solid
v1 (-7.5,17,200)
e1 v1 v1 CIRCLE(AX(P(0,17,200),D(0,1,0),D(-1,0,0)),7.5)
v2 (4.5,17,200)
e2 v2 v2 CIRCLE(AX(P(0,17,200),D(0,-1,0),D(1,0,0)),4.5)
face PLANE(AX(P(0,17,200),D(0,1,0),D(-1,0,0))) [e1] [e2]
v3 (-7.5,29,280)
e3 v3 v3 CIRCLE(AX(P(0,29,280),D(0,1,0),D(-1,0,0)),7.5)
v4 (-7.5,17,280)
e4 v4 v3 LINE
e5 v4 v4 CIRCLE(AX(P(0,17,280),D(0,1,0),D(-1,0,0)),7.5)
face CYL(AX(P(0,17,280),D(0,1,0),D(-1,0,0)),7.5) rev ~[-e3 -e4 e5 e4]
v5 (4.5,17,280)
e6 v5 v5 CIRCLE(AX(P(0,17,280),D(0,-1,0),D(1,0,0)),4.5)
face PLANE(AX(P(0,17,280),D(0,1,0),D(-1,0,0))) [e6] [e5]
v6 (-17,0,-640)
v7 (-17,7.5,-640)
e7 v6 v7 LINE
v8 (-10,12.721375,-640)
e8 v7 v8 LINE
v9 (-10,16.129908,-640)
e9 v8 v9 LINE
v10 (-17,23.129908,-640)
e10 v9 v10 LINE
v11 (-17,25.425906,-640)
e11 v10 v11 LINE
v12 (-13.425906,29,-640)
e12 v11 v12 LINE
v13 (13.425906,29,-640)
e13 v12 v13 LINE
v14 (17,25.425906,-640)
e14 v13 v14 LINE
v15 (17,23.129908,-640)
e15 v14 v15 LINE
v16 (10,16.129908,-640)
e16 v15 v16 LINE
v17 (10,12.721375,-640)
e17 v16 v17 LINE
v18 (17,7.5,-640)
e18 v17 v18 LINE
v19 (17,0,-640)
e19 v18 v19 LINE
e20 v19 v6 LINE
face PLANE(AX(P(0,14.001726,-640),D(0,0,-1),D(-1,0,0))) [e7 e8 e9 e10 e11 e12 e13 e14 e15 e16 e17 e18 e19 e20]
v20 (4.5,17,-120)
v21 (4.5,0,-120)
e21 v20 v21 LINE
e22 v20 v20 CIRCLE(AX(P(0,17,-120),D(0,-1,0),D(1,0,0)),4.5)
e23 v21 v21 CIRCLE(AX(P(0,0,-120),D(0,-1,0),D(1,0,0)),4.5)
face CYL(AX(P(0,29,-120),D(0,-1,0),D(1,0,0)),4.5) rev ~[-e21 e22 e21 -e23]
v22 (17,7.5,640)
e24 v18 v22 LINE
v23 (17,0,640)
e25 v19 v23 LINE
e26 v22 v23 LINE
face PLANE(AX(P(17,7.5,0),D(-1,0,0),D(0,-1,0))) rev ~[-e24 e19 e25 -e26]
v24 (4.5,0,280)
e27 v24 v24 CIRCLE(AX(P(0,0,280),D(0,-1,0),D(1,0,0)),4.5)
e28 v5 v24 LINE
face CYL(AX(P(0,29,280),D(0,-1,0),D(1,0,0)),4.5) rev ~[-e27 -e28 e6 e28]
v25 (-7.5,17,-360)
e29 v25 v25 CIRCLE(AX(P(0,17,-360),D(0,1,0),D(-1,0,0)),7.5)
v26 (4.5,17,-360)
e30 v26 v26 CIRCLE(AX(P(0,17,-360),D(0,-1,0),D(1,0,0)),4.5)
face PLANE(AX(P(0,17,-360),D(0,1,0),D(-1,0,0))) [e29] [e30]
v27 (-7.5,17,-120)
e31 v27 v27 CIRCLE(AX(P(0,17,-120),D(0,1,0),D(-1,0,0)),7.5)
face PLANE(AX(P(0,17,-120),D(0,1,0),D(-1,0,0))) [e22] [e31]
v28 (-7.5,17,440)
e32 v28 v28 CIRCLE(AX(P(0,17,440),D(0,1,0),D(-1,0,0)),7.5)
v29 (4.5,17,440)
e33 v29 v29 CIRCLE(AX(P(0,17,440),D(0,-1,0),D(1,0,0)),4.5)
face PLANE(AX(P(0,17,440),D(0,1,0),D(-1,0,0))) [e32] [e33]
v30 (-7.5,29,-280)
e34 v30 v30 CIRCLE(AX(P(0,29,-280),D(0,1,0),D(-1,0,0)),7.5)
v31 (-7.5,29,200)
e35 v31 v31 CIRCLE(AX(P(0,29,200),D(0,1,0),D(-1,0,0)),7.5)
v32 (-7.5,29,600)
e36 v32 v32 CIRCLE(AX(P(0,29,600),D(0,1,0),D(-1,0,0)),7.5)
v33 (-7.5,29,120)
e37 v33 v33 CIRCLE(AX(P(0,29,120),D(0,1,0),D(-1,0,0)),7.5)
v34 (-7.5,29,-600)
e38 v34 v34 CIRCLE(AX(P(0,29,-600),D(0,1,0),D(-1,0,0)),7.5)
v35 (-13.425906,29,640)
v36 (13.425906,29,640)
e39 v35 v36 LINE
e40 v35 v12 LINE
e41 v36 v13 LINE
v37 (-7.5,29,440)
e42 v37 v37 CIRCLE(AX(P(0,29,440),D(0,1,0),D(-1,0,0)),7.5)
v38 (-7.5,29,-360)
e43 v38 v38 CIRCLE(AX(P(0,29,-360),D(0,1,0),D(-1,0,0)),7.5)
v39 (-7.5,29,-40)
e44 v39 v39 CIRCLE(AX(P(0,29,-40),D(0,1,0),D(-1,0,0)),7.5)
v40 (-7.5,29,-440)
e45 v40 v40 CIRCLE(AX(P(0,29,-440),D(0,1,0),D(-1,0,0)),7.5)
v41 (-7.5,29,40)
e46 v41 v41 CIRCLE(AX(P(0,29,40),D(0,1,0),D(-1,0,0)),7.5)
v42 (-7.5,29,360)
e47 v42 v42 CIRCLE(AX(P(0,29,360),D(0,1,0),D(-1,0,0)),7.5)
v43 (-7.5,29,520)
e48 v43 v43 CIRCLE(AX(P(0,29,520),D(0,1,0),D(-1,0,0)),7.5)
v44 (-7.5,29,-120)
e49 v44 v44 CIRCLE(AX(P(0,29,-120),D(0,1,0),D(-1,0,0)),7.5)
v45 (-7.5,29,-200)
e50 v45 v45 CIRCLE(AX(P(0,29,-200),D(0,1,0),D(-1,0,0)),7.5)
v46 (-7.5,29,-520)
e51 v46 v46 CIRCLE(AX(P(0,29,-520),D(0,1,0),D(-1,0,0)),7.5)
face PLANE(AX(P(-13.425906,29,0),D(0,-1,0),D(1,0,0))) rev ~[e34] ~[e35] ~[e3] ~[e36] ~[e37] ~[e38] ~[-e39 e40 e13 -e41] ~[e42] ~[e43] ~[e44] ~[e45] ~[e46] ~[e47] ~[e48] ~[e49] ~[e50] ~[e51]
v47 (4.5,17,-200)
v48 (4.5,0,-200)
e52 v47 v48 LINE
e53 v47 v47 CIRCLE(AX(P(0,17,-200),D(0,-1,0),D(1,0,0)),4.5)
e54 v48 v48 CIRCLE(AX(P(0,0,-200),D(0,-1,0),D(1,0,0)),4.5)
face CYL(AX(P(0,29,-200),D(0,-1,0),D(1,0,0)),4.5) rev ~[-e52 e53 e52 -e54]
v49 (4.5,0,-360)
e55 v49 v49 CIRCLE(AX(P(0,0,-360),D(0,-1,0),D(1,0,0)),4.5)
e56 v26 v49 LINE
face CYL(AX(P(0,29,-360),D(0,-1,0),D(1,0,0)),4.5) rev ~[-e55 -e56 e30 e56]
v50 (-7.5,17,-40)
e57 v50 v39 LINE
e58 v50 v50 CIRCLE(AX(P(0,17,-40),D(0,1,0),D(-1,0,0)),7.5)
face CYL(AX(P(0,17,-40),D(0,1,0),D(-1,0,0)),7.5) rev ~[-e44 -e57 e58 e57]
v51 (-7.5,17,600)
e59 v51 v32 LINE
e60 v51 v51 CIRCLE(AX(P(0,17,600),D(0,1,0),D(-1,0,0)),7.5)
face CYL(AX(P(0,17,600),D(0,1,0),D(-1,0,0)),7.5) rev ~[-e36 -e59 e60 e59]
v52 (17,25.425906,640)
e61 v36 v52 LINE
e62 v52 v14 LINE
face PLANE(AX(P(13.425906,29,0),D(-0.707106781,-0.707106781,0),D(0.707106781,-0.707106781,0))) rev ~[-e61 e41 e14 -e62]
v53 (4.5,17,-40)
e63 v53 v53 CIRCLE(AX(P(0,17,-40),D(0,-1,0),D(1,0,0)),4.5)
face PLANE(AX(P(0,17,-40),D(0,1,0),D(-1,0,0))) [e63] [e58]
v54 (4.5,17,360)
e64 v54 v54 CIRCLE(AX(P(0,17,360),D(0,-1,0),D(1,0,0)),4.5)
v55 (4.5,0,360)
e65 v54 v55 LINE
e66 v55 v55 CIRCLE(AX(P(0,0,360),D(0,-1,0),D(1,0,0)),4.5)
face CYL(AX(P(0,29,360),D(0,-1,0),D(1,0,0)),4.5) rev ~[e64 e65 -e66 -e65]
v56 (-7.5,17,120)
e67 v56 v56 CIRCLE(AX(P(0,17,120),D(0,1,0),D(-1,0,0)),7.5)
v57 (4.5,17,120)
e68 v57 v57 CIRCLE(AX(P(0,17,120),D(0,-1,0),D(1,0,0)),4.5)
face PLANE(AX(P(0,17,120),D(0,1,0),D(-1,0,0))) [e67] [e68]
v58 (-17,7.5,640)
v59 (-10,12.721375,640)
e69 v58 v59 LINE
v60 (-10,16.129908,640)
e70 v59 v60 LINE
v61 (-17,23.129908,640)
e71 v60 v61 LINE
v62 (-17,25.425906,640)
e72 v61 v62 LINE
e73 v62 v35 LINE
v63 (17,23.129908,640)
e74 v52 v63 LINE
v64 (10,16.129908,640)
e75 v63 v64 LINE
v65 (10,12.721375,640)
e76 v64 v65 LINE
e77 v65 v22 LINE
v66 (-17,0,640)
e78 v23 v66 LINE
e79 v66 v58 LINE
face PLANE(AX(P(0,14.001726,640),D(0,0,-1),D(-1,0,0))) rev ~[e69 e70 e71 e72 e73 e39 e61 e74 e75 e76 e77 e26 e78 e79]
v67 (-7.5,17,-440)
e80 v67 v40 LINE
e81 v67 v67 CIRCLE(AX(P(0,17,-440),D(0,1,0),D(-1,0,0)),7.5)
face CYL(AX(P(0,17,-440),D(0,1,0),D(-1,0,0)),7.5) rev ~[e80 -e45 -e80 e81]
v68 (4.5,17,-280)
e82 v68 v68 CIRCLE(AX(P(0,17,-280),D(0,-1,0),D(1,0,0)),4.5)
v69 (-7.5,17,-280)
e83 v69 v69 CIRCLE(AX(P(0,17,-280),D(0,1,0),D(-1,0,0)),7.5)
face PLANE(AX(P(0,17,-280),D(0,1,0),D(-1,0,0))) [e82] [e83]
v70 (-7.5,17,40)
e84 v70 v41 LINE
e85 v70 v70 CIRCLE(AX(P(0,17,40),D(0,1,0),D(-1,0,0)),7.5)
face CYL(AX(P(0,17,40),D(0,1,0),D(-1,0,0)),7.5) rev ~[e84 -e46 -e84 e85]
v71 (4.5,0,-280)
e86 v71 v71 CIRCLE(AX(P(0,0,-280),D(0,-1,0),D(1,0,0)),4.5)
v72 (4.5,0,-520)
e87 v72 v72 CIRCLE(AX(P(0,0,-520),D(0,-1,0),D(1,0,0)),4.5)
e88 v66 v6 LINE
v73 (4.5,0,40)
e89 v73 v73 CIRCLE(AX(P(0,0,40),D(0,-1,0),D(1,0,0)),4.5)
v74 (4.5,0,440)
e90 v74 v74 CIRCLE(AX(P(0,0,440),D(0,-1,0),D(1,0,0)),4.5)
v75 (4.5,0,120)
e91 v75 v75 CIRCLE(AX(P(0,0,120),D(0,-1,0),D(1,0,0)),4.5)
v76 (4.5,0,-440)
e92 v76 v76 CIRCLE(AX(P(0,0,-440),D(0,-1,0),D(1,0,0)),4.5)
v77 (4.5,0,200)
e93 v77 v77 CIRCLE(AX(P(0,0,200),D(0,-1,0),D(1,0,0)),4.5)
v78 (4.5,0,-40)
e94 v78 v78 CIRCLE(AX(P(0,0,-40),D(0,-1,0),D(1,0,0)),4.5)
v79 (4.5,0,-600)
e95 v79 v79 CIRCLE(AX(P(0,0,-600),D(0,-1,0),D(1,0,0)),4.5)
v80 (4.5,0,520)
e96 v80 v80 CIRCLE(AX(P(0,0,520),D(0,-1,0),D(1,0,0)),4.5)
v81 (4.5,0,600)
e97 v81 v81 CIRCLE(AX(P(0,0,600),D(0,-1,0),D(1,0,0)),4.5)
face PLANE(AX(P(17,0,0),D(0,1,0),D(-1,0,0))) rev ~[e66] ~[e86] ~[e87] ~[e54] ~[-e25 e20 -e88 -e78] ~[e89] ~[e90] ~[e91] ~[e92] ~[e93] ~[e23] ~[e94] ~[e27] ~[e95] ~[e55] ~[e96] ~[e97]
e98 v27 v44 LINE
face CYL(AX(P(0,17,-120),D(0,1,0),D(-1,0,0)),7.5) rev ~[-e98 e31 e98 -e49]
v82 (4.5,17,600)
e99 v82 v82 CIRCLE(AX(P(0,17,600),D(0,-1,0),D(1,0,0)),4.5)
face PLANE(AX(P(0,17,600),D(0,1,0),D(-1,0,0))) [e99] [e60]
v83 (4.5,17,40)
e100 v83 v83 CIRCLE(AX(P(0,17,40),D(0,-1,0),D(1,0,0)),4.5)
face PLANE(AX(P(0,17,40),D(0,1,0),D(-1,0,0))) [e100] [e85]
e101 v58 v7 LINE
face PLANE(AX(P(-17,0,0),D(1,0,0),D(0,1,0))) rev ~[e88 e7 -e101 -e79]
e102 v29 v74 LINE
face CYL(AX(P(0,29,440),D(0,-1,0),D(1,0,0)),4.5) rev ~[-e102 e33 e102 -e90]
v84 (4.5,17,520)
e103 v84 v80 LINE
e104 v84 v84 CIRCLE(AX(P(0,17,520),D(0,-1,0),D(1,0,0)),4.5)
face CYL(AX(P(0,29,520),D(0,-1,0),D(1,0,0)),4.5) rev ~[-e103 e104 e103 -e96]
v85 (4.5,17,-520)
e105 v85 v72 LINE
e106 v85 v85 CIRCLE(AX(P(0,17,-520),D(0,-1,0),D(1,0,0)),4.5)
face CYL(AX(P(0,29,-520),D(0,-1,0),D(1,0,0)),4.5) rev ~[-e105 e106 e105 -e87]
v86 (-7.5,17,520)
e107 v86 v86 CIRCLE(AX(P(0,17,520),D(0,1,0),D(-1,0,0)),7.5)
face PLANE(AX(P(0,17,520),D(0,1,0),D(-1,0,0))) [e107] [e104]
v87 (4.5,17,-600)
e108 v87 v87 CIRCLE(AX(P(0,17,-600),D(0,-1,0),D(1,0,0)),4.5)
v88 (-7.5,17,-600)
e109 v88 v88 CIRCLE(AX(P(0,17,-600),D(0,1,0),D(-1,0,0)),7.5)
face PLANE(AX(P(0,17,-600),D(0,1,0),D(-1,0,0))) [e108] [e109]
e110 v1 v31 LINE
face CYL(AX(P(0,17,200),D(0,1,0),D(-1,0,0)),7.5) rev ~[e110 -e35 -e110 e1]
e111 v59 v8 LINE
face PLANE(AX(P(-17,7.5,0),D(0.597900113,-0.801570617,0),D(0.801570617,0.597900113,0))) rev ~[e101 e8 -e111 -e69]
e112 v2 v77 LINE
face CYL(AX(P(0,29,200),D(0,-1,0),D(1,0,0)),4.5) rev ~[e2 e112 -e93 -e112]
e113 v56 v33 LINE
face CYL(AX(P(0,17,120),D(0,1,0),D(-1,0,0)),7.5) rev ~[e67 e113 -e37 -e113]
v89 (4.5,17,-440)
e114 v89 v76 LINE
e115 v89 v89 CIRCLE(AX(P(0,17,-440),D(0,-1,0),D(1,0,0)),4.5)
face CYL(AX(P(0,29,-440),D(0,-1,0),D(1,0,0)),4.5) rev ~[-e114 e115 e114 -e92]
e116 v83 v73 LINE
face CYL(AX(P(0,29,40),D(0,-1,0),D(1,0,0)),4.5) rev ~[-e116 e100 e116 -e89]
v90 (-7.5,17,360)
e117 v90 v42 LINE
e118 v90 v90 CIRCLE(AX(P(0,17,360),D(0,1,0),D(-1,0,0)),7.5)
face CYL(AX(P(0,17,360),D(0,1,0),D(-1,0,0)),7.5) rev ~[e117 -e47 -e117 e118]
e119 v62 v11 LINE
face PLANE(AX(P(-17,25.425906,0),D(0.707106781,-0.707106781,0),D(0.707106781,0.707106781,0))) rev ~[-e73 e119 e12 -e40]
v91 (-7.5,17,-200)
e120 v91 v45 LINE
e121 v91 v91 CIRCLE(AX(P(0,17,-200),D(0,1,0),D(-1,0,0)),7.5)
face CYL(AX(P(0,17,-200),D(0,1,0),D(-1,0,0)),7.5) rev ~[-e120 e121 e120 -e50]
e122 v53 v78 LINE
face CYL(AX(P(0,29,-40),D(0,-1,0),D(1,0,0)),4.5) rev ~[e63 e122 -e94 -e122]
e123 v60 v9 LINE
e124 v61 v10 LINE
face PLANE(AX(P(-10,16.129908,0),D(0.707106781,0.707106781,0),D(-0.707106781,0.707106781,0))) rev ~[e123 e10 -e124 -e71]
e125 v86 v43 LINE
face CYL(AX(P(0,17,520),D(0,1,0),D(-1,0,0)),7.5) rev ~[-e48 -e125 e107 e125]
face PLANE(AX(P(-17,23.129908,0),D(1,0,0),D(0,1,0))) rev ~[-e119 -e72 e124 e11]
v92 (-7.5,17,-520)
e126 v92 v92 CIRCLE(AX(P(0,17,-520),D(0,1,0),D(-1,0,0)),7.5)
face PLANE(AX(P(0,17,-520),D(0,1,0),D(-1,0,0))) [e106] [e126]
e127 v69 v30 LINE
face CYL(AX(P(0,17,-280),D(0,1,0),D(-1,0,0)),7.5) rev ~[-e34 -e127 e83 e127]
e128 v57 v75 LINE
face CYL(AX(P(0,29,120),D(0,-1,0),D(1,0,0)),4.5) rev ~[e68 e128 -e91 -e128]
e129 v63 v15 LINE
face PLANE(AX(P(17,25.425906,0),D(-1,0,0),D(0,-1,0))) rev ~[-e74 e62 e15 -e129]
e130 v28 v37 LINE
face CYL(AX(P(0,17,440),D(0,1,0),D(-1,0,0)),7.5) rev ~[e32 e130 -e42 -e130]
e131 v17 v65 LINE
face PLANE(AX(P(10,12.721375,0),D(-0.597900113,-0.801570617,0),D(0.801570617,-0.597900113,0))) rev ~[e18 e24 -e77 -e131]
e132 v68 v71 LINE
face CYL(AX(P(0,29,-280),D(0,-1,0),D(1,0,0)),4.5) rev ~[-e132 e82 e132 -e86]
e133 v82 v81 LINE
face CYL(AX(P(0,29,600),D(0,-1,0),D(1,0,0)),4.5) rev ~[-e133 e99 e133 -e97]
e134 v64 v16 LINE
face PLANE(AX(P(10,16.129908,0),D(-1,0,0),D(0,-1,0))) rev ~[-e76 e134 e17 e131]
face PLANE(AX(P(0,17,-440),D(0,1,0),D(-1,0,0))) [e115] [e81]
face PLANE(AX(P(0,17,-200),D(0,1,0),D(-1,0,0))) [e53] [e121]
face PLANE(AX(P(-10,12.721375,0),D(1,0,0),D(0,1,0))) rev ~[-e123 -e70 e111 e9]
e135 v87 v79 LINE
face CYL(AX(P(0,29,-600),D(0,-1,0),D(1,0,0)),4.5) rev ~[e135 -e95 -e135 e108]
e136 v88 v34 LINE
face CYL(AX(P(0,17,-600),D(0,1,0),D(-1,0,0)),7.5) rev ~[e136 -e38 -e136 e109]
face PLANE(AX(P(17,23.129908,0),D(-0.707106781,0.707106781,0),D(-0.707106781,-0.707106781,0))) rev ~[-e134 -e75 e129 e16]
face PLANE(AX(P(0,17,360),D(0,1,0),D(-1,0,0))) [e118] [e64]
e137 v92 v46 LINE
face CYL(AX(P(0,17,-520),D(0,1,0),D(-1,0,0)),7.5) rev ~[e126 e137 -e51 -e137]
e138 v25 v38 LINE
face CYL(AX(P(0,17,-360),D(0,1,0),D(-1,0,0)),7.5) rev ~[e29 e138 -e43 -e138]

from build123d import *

# Parameters (mm, degrees)
EXTRUDE_1_DEPTH              = 640
HOLE_WIZARD_M8_1_D           = 9
HOLE_WIZARD_M8_1_CBORE_D     = 15
HOLE_WIZARD_M8_1_CBORE_DEPTH = 12
PATTERN_LINEAR_1_COUNT       = 16
PATTERN_LINEAR_1_PITCH       = 80


with BuildPart() as part:
    # 草圖1 → 伸長1 (new, symmetric)
    with BuildSketch(Plane.XY):
        Polygon((17, 0), (-17, 0), (-17, 7.5), (-10, 12.721375014), (-10, 16.129907798), (-17, 23.129907798), (-17, 25.4259063), (-13.4259063, 29), (13.4259063, 29), (17, 25.4259063), (17, 23.129907798), (10, 16.129907798), (10, 12.721375014), (17, 7.5), align=None)
    extrude(amount=EXTRUDE_1_DEPTH, both=True)

    # M8 內六角圓柱頭螺釘的柱孔1 (through all)
    with Locations(Plane(origin=(0, 29, 0), x_dir=(-1, 0, 0), z_dir=(0, 1, 0))):
        with Locations((0, -600)):
            hole_wizard_m8_1 = CounterBoreHole(HOLE_WIZARD_M8_1_D / 2, HOLE_WIZARD_M8_1_CBORE_D / 2, HOLE_WIZARD_M8_1_CBORE_DEPTH)

    # 直線複製排列1: M8 內六角圓柱頭螺釘的柱孔1 ×16
    with Locations(*[(0, 0, i * PATTERN_LINEAR_1_PITCH) for i in range(1, PATTERN_LINEAR_1_COUNT)]):
        add(hole_wizard_m8_1, mode=Mode.SUBTRACT)


solid = part.part
